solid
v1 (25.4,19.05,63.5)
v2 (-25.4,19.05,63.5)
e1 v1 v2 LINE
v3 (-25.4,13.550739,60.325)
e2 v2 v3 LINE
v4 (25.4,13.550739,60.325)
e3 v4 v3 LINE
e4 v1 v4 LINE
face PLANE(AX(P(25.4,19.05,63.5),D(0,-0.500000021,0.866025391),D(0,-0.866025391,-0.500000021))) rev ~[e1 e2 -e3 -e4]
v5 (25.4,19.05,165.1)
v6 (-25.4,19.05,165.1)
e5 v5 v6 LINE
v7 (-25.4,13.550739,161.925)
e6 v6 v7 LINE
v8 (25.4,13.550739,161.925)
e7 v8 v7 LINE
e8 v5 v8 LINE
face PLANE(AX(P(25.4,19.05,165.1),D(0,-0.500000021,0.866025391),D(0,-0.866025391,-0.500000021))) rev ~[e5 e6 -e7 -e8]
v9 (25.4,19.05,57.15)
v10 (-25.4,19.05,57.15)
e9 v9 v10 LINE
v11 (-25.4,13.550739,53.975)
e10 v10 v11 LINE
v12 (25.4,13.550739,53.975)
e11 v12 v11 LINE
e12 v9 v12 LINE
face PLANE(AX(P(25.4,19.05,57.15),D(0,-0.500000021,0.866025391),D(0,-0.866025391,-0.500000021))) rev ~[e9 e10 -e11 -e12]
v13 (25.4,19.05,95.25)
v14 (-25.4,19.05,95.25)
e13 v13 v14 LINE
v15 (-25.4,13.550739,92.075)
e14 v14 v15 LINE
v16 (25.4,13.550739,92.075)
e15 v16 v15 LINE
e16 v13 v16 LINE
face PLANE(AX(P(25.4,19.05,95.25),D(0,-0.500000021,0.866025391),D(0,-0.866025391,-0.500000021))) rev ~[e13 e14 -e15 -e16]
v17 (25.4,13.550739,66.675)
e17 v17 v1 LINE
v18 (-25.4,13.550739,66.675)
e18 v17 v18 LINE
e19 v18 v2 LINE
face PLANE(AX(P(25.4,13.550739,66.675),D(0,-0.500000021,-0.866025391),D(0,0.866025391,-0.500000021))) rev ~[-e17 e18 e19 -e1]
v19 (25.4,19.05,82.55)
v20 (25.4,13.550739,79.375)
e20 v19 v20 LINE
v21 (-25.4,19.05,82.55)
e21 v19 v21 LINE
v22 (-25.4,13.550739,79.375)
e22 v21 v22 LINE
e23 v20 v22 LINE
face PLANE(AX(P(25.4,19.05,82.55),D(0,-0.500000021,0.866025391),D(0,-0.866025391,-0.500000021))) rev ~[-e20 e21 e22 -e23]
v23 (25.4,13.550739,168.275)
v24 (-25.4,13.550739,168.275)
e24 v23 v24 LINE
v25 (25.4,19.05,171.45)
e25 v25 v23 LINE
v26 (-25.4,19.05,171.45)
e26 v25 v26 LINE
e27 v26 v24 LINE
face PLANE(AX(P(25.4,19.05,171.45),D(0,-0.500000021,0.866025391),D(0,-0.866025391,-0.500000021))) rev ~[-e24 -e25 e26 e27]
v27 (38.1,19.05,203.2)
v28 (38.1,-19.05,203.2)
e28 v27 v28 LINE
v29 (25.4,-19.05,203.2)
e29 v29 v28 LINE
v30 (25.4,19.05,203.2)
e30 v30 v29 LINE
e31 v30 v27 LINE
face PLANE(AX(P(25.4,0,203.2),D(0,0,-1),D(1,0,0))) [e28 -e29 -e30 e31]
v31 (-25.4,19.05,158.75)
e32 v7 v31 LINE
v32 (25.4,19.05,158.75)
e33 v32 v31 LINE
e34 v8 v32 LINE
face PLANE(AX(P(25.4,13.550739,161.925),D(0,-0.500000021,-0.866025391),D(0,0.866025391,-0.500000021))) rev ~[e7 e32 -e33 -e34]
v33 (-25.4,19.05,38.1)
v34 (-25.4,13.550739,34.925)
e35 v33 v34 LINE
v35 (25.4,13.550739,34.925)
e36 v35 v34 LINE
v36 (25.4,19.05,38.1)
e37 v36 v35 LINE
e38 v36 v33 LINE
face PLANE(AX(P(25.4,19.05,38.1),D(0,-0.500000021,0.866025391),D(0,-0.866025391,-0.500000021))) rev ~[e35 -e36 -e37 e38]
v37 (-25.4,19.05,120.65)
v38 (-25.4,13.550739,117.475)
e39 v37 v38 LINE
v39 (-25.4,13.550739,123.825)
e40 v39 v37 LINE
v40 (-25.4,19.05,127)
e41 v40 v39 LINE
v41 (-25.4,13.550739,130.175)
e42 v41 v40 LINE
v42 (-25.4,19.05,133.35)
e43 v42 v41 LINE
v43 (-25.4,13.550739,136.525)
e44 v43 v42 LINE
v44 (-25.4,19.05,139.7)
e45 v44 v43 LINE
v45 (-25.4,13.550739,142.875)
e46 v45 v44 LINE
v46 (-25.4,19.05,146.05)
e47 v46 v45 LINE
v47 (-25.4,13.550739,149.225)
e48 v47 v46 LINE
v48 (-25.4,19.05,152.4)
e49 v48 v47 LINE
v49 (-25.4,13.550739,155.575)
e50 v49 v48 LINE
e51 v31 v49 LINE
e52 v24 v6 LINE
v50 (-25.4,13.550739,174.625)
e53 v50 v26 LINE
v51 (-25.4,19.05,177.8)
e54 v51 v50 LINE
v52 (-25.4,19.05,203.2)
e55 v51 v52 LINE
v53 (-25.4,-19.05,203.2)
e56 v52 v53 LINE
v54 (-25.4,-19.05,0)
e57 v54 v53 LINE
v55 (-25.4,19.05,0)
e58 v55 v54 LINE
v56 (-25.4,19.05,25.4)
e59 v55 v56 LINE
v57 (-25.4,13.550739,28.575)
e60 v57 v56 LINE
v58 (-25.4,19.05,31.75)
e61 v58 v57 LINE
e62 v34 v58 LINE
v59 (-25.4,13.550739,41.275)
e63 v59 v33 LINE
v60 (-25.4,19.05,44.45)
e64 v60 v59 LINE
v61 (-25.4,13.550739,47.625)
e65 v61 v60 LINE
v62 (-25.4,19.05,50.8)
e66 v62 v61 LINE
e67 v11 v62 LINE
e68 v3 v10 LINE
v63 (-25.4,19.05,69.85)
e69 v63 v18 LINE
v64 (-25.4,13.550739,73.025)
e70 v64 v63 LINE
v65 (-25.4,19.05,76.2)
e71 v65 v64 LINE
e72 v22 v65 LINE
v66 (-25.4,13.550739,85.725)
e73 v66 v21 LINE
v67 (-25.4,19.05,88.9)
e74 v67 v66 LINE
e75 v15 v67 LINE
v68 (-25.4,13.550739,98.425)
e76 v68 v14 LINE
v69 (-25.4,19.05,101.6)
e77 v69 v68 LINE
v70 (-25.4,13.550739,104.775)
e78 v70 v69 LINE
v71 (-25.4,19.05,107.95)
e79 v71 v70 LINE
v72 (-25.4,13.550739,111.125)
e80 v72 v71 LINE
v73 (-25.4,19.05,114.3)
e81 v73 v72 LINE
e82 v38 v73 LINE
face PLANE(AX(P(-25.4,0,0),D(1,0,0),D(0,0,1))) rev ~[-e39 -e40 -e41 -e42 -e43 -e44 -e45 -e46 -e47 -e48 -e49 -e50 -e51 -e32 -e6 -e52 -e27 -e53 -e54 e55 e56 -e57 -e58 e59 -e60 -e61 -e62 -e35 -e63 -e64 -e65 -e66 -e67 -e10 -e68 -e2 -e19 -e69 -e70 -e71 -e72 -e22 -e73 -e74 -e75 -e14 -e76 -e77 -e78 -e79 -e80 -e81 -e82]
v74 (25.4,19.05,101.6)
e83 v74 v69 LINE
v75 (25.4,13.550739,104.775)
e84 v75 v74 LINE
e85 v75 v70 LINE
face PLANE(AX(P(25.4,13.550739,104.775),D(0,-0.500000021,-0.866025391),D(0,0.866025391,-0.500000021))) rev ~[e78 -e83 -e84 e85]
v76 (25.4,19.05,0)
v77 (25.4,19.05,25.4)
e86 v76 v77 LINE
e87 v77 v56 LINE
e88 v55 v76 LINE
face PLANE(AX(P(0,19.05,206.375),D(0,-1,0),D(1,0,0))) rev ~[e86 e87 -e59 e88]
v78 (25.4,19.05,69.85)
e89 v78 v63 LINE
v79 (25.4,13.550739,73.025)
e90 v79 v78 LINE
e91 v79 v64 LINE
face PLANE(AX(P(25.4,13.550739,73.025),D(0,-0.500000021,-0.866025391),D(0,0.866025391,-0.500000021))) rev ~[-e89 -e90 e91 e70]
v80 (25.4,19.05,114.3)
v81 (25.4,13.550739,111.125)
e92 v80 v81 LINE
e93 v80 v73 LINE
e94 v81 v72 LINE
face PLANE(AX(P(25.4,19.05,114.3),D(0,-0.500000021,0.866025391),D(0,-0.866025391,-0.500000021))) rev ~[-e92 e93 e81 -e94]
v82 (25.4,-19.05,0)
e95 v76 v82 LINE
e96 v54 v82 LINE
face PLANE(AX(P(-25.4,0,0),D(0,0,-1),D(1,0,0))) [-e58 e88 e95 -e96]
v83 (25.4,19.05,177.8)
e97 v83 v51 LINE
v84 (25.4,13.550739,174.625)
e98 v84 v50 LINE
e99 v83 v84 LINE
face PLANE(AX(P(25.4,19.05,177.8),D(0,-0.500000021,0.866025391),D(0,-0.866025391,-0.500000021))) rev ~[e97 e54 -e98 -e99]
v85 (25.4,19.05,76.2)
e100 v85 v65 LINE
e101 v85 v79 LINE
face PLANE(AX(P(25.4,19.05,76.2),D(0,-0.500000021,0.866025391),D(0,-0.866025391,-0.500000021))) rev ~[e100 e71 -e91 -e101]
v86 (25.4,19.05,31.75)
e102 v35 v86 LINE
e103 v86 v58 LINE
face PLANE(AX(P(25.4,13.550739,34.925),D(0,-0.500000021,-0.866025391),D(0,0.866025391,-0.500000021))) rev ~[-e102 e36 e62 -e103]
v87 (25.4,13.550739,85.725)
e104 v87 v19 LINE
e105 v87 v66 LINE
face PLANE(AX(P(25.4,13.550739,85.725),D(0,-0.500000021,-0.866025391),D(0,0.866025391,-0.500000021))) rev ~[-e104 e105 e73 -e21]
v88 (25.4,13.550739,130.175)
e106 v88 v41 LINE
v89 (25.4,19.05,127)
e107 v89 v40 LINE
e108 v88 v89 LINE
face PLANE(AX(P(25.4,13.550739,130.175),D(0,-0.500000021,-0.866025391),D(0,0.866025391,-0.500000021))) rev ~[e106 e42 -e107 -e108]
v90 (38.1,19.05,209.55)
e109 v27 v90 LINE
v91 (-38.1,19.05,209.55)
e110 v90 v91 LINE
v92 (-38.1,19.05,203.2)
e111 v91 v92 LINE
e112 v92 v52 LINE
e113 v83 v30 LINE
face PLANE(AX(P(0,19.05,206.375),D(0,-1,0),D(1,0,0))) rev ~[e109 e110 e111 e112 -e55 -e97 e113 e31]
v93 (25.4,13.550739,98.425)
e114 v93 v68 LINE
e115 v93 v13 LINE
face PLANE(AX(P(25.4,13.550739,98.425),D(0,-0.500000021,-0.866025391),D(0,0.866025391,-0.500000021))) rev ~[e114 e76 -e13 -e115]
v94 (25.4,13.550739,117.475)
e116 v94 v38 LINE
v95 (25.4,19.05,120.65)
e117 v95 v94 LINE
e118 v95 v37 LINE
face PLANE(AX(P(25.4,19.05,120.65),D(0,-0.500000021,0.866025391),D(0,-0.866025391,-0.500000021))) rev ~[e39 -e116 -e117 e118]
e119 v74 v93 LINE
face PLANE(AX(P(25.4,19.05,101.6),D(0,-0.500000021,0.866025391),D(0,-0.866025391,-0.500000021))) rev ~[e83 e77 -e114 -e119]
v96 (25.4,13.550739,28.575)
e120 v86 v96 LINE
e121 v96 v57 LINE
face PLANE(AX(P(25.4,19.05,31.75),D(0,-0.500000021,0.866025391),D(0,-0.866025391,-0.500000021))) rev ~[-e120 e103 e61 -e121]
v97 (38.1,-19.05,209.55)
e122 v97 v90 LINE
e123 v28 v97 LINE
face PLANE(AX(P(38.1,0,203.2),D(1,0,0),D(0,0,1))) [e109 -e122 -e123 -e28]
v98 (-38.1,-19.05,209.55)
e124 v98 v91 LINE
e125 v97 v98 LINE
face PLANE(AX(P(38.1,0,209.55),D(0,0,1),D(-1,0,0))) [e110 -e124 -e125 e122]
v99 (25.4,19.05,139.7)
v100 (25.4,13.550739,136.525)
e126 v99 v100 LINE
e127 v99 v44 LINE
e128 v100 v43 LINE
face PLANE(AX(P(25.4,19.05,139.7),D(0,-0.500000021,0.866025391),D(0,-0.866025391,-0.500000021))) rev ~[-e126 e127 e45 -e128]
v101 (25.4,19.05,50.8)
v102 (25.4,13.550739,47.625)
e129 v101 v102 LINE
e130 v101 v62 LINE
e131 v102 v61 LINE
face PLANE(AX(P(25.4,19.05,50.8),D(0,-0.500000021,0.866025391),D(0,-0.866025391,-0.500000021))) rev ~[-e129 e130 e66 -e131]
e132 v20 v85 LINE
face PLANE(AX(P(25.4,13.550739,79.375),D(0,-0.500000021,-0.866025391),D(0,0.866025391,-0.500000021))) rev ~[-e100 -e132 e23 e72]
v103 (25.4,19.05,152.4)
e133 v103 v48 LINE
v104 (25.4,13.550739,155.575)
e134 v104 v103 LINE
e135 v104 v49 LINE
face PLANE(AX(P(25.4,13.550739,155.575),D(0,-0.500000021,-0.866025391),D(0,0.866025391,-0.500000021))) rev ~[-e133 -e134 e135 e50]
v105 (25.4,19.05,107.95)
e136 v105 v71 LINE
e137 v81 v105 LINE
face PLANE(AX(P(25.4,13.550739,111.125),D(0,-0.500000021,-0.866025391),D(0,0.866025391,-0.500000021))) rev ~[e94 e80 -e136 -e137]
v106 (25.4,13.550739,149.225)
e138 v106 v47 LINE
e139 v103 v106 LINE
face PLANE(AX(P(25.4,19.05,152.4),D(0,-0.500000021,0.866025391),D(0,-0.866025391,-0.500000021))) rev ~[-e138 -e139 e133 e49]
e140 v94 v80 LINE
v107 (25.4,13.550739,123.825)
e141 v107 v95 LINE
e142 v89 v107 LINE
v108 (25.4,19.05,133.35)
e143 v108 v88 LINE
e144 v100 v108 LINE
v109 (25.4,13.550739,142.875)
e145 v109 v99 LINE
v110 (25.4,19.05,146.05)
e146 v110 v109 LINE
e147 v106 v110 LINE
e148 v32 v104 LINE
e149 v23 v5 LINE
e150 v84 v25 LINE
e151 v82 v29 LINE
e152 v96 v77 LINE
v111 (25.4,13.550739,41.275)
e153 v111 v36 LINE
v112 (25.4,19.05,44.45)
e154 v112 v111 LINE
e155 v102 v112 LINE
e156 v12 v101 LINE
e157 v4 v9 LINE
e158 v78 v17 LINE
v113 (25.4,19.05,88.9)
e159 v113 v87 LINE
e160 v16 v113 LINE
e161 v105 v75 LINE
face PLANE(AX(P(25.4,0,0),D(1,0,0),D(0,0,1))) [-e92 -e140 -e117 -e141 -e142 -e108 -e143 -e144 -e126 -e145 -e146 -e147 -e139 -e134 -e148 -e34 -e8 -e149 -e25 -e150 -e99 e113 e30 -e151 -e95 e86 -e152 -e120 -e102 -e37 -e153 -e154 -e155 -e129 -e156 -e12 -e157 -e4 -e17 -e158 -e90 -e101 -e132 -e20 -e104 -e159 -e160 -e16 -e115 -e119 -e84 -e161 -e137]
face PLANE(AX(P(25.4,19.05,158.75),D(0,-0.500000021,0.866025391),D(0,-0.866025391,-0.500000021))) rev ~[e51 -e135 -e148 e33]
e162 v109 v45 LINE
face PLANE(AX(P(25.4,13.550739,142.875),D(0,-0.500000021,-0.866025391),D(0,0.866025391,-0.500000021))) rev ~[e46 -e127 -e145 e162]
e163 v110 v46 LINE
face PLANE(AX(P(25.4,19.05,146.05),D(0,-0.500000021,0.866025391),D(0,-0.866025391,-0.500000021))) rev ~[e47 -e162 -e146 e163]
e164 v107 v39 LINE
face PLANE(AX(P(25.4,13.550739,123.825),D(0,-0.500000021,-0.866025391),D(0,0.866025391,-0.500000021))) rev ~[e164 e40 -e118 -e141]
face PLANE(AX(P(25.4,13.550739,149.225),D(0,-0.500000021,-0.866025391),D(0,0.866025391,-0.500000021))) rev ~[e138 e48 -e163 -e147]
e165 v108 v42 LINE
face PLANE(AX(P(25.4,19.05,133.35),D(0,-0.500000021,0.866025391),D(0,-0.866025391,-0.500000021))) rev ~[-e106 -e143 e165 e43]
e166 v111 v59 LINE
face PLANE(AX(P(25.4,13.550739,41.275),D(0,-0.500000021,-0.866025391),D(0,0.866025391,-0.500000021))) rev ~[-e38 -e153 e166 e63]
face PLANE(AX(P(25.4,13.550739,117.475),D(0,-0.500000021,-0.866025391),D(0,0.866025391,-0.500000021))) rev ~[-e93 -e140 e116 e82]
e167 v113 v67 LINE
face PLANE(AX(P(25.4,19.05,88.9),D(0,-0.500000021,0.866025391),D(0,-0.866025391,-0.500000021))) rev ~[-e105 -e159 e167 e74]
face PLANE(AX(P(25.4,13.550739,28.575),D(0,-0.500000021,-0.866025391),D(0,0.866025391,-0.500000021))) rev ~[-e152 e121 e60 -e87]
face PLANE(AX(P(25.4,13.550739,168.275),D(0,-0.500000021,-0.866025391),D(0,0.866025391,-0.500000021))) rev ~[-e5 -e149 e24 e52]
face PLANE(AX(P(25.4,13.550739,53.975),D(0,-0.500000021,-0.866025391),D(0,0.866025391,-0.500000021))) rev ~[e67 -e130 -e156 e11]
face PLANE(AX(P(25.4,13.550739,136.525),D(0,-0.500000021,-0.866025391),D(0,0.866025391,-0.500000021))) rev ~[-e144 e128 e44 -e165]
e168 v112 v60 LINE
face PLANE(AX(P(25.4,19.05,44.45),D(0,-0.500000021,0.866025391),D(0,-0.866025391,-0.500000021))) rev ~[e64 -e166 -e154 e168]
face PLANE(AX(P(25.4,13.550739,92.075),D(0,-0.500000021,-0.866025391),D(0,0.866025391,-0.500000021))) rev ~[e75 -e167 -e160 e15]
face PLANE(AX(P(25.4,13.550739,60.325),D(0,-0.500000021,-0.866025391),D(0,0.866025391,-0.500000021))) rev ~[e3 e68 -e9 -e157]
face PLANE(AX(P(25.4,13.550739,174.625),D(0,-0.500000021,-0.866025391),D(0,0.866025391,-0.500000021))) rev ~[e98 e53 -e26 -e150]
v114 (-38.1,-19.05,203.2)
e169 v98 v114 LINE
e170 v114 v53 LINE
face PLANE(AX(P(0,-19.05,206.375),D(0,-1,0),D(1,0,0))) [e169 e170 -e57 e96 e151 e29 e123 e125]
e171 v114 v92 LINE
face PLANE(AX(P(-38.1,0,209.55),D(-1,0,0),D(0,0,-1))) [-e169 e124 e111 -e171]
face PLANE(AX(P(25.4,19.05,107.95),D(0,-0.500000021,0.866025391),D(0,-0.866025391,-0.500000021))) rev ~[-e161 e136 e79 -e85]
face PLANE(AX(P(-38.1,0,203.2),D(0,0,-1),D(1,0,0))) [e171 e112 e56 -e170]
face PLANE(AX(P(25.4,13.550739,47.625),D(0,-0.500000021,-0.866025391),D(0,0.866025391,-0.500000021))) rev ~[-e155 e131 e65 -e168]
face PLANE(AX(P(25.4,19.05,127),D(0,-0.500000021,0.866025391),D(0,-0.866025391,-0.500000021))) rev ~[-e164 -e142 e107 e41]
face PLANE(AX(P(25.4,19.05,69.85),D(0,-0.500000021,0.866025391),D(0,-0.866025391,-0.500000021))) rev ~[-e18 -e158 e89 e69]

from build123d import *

# Parameters (mm, degrees)
F0_W     = 50.8
F0_H     = 203.2
F1_DEPTH = 19.05
F3_DEPTH = 50.8


with BuildPart() as f1:
    # F0 (on Front) → F1 (new body, symmetric)
    with BuildSketch(Plane.XZ):
        Polygon((-38.1, 203.2), (-25.4, 203.2), (25.4, 203.2), (38.1, 203.2), (38.1, 209.55), (-38.1, 209.55), align=None)
        with Locations((0, 101.6)):
            Rectangle(F0_W, F0_H)
    extrude(amount=F1_DEPTH, both=True)

    # F2 (on face) → F3 (cut)
    with BuildSketch(Plane.YZ.offset(25.4)):
        Polygon((13.550739, 66.675), (19.05, 63.5), (19.05, 69.85), align=None)
        Polygon((13.550739, 28.575), (19.05, 25.4), (19.05, 31.75), align=None)
        Polygon((13.550739, 60.325), (19.05, 57.15), (19.05, 63.5), align=None)
        Polygon((13.550739, 79.375), (19.05, 76.2), (19.05, 82.55), align=None)
        Polygon((19.05, 88.9), (19.05, 95.25), (13.550739, 92.075), align=None)
        Polygon((19.05, 82.55), (19.05, 88.9), (13.550739, 85.725), align=None)
        Polygon((19.05, 171.45), (19.05, 177.8), (13.550739, 174.625), align=None)
        Polygon((19.05, 165.1), (19.05, 171.45), (13.550739, 168.275), align=None)
        Polygon((19.05, 158.75), (19.05, 165.1), (13.550739, 161.925), align=None)
        Polygon((19.05, 152.4), (19.05, 158.75), (13.550739, 155.575), align=None)
        Polygon((19.05, 146.05), (19.05, 152.4), (13.550739, 149.225), align=None)
        Polygon((19.05, 139.7), (19.05, 146.05), (13.550739, 142.875), align=None)
        Polygon((19.05, 133.35), (19.05, 139.7), (13.550739, 136.525), align=None)
        Polygon((19.05, 127), (19.05, 133.35), (13.550739, 130.175), align=None)
        Polygon((19.05, 114.3), (19.05, 120.65), (13.550739, 117.475), align=None)
        Polygon((19.05, 120.65), (19.05, 127), (13.550739, 123.825), align=None)
        Polygon((19.05, 107.95), (19.05, 114.3), (13.550739, 111.125), align=None)
        Polygon((19.05, 101.6), (19.05, 107.95), (13.550739, 104.775), align=None)
        Polygon((19.05, 95.25), (19.05, 101.6), (13.550739, 98.425), align=None)
        Polygon((13.550739, 34.925), (19.05, 31.75), (19.05, 38.1), align=None)
        Polygon((13.550739, 47.625), (19.05, 44.45), (19.05, 50.8), align=None)
        Polygon((13.550739, 73.025), (19.05, 69.85), (19.05, 76.2), align=None)
        Polygon((13.550739, 53.975), (19.05, 50.8), (19.05, 57.15), align=None)
        Polygon((13.550739, 41.275), (19.05, 38.1), (19.05, 44.45), align=None)
    extrude(amount=-F3_DEPTH, mode=Mode.SUBTRACT)


solid = f1.part
